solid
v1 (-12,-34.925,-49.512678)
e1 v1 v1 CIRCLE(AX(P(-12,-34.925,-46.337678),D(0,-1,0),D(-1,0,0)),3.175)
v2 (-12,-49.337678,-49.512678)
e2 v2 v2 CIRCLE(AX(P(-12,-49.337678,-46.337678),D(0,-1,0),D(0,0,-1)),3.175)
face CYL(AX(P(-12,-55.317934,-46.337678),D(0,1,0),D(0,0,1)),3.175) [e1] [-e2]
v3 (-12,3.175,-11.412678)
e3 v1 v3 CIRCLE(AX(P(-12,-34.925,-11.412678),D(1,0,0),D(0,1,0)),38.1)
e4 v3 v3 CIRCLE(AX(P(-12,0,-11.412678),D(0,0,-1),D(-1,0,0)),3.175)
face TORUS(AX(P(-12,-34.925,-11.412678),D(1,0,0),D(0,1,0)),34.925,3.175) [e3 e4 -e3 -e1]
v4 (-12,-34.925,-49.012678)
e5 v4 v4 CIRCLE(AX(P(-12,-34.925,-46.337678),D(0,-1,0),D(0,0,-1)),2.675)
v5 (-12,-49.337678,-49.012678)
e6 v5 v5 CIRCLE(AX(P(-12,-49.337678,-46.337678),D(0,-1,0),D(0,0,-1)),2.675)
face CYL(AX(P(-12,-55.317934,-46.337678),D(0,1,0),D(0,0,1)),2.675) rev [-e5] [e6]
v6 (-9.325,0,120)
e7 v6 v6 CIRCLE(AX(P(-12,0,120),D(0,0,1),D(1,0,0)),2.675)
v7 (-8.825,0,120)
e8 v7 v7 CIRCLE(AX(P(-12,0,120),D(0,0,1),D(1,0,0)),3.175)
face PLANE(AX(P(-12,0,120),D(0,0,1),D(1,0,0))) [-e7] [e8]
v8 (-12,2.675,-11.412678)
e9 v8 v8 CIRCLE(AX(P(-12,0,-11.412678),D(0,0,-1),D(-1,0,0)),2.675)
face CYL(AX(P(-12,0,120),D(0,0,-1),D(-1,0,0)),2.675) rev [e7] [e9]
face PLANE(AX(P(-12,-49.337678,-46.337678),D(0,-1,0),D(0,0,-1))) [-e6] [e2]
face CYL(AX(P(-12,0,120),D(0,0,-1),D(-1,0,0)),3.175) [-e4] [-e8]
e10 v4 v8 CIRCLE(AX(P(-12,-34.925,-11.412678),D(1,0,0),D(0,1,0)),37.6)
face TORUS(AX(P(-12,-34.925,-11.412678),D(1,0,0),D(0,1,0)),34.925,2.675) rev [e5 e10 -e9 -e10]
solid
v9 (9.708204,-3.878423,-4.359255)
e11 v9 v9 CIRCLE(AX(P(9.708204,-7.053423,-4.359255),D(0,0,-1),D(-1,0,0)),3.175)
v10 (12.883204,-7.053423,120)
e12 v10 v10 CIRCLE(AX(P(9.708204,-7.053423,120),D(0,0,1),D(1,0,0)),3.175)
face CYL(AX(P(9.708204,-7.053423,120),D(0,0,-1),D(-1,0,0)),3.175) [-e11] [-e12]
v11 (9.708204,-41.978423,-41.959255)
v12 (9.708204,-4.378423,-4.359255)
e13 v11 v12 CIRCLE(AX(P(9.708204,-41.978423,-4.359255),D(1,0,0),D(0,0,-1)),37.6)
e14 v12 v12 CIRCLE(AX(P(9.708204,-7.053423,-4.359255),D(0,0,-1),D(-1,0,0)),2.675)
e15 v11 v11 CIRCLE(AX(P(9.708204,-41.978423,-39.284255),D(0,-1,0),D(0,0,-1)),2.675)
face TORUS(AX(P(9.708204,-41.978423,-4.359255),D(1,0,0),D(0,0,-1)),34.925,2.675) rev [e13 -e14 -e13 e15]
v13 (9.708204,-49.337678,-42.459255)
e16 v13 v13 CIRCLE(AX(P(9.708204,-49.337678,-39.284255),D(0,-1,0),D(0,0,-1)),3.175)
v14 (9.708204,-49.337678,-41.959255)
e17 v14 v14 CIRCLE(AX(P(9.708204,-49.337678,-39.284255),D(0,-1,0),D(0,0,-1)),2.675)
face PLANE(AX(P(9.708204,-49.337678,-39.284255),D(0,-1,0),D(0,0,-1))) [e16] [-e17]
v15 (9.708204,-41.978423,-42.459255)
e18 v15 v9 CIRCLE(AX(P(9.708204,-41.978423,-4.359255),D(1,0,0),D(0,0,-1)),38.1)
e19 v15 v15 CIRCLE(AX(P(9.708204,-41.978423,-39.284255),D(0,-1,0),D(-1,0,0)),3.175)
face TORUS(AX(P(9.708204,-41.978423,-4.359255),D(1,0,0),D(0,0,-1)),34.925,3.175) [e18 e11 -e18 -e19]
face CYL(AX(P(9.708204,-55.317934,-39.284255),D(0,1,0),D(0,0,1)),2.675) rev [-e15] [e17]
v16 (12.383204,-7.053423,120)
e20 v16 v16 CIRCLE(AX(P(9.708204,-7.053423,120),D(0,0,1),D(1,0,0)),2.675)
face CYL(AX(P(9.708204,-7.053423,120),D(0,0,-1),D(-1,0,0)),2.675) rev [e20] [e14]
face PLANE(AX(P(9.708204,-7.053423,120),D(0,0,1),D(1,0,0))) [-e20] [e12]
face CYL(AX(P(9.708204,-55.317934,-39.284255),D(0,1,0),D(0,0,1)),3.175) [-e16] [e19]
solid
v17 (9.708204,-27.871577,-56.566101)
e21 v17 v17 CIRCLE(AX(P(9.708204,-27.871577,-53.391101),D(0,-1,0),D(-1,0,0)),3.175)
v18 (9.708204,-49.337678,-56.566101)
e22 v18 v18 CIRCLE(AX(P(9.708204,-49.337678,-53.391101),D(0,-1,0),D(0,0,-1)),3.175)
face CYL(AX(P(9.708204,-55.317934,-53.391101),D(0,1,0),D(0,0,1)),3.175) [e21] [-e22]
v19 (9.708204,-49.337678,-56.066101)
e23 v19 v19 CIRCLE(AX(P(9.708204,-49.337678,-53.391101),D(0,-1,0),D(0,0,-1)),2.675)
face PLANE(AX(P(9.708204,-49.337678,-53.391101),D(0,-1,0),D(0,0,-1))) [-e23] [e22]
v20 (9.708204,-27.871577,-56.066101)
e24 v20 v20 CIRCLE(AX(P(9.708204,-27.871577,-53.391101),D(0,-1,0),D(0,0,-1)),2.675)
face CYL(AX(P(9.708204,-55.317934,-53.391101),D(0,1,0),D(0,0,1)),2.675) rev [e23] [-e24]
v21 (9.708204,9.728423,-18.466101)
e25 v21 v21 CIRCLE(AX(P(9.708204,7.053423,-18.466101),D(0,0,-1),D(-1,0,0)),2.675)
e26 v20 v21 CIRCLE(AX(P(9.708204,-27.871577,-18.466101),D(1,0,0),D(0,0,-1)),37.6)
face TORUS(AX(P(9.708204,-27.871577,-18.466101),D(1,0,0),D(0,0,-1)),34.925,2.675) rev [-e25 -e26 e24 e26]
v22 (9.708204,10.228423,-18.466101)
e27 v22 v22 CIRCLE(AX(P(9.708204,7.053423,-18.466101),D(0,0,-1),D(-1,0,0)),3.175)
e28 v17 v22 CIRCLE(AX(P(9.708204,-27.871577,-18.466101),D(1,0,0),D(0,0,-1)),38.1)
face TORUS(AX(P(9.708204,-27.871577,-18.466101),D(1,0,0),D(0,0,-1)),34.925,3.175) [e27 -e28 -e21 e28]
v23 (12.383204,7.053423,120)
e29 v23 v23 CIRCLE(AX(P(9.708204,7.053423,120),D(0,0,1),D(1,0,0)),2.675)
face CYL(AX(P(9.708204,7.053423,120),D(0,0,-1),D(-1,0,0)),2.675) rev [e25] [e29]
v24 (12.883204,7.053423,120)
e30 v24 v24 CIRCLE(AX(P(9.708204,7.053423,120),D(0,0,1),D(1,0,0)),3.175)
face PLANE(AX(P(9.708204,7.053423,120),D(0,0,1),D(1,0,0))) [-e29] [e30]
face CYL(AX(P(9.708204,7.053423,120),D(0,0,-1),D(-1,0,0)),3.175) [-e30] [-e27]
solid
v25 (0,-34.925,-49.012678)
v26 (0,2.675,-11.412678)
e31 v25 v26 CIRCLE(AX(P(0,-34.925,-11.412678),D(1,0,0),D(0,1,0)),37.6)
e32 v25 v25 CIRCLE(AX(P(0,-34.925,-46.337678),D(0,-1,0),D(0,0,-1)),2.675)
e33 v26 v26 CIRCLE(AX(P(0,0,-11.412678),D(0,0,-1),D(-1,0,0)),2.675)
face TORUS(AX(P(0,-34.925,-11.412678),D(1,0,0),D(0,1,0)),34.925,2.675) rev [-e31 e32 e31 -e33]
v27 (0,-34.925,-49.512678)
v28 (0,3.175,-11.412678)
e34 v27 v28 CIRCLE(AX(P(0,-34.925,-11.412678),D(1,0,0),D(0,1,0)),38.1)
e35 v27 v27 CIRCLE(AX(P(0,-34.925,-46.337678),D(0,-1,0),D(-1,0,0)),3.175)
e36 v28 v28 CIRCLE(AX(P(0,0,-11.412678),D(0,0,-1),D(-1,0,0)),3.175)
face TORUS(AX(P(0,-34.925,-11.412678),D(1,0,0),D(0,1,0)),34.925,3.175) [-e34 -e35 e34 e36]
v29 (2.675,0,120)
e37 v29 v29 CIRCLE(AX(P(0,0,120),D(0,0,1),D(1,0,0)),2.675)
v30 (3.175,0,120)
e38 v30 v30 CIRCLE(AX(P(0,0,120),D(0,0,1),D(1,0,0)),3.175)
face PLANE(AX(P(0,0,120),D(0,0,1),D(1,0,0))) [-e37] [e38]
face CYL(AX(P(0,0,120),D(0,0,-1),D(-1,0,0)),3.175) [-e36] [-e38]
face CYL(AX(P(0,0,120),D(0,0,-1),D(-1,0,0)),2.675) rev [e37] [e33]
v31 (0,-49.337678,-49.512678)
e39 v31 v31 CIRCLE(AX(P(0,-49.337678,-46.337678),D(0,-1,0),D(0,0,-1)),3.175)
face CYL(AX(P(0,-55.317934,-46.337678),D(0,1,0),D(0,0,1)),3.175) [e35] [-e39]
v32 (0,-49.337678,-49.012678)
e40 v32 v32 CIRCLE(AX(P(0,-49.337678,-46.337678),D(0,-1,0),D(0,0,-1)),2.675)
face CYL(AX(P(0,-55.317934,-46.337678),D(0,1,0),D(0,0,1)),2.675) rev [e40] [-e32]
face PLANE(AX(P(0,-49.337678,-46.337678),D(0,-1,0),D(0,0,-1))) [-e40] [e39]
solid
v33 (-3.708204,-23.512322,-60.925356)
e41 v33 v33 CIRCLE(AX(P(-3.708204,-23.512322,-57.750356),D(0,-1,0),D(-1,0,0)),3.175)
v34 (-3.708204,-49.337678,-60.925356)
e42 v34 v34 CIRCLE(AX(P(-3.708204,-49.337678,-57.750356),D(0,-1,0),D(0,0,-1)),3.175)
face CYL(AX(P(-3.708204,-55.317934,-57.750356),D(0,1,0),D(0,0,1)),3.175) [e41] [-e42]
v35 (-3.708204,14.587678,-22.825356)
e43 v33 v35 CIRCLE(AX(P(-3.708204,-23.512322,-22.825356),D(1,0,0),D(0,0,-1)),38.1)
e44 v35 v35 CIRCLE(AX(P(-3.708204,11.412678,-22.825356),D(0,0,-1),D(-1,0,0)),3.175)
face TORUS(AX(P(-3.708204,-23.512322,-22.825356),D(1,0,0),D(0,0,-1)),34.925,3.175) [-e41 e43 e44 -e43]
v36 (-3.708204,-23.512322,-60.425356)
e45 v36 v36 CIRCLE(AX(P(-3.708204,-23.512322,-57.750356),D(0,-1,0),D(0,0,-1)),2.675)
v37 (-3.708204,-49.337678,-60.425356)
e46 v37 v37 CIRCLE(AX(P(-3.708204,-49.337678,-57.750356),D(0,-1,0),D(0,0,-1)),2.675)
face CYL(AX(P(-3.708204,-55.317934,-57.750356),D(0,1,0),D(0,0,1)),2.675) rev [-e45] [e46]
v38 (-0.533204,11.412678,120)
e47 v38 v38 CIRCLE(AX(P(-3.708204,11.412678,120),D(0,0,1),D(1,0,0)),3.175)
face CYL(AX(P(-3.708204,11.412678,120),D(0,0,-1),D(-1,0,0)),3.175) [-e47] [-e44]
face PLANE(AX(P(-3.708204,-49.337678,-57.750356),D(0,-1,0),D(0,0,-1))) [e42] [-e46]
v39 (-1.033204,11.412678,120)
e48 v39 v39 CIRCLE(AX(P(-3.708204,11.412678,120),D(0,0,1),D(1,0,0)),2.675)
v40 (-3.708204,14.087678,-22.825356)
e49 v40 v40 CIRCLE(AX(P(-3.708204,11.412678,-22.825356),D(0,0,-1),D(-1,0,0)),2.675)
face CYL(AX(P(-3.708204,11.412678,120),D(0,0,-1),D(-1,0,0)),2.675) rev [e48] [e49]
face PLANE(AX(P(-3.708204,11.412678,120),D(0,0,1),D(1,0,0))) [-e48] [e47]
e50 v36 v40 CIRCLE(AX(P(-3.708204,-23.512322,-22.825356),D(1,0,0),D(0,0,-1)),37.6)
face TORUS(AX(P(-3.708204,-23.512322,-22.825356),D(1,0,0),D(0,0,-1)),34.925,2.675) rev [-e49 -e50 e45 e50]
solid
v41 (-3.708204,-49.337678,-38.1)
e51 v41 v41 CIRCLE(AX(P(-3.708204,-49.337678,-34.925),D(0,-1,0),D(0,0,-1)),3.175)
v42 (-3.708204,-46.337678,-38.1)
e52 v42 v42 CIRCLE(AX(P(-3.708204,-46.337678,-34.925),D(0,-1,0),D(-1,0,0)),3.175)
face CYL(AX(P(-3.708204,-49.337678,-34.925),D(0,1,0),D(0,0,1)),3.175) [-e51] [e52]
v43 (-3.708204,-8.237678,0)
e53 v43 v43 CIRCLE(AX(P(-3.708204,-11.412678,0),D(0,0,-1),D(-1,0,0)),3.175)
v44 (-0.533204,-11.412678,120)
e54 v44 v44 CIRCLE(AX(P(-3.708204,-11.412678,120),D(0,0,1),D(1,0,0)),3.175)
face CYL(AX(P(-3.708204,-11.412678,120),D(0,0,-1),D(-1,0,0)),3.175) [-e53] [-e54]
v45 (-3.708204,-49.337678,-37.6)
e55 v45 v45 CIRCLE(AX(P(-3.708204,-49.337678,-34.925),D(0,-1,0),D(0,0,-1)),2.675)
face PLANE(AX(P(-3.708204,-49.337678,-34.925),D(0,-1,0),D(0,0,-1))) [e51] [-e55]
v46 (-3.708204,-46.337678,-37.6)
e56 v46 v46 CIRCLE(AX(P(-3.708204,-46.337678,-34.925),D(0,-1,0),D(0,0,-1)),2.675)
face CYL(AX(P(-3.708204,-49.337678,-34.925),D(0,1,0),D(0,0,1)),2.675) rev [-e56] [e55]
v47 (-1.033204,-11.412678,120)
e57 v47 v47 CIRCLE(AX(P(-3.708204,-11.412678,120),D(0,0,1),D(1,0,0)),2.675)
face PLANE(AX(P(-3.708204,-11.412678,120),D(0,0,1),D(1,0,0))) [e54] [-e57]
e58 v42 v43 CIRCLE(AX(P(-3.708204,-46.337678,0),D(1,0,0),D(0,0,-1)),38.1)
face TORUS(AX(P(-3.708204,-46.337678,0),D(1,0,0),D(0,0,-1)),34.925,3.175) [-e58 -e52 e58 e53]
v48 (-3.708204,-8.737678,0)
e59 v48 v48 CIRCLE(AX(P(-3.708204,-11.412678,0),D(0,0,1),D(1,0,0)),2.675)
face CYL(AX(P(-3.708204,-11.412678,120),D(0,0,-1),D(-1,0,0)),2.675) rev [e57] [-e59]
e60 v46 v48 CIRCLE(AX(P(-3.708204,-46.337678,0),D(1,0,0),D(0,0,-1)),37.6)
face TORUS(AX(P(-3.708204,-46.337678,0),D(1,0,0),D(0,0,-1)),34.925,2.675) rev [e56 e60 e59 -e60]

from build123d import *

# Parameters (mm, degrees)
SKETCH1_R              = 3.175
SKETCH1_R_2            = 2.675
ALL_TUBES_HORI_DEPTH   = 120
ALL_TUBES_HORI_2_DEPTH = 120
ALL_TUBES_HORI_3_DEPTH = 120
ALL_TUBES_HORI_4_DEPTH = 120
ALL_TUBES_HORI_5_DEPTH = 120
ALL_TUBES_HORI_6_DEPTH = 120
SKETCH2_R              = 3.175
SKETCH2_R_2            = 2.675
TUBE_1_REVOLVE_ANGLE   = 90
SKETCH3_R              = 3.175
SKETCH3_R_2            = 2.675
TUBE_2_H_EXTRU_DEPTH   = 4.35925517
SKETCH4_R              = 3.175
SKETCH4_R_2            = 2.675
TUBE_2_REVOLVE_ANGLE   = 90
SKETCH5_R              = 3.175
SKETCH5_R_2            = 2.675
TUBE_2_V_EXTRU_DEPTH   = 4.359255168
TUBE_START             = 11.4126782
SKETCH6_R              = 3.175
SKETCH6_R_2            = 2.675
TUBE_3_4_H_EXTRU_DEPTH = 11.4126782
SKETCH7_R              = 3.175
SKETCH7_R_2            = 2.675
TUBE_3_4_REVOLVE_ANGLE = 90
SKETCH8_R              = 3.175
SKETCH8_R_2            = 2.675
TUBE_3_4_V_EXTRU_DEPTH = 11.412678196
SKETCH9_R              = 3.175
SKETCH9_R_2            = 2.675
TUBE_5_H_EXTRU_DEPTH   = 18.46610122
SKETCH10_R             = 3.175
SKETCH10_R_2           = 2.675
TUBE_5_REVOLVE_ANGLE   = 90
SKETCH13_R             = 3.175
SKETCH13_R_2           = 2.675
TUBE_5_V_EXTRU_DEPTH   = 18.466101223
SKETCH11_R             = 3.175
SKETCH11_R_2           = 2.675
TUBE_6_H_EXTRU_DEPTH   = 22.8253564
SKETCH12_R             = 3.175
SKETCH12_R_2           = 2.675
TUBE_6_REVOLVE_ANGLE   = 90
SKETCH14_R             = 3.175
SKETCH14_R_2           = 2.675
TUBE_6_V_EXTRU_DEPTH   = 22.825356391
SKETCH15_R             = 3.175
SKETCH15_R_2           = 2.675
ALL_TUBES_VERT_DEPTH   = 3


with BuildPart() as part:
    # Sketch1 → All Tubes Hori (new body)
    with BuildSketch(Plane.XY):
        Circle(SKETCH1_R)
        Circle(SKETCH1_R_2, mode=Mode.SUBTRACT)
    extrude(amount=ALL_TUBES_HORI_DEPTH)



with BuildPart() as body_2:
    # Sketch1 → All Tubes Hori 2 (new body)
    with BuildSketch(Plane.XY):
        with Locations((-12, 0)):
            Circle(SKETCH1_R)
        with Locations((-12, 0)):
            Circle(SKETCH1_R_2, mode=Mode.SUBTRACT)
    extrude(amount=ALL_TUBES_HORI_2_DEPTH)


with BuildPart() as body_3:
    # Sketch1 → All Tubes Hori 3 (new body)
    with BuildSketch(Plane.XY):
        with Locations((-3.708203932, 11.412678196)):
            Circle(SKETCH1_R)
        with Locations((-3.708203932, 11.412678196)):
            Circle(SKETCH1_R_2, mode=Mode.SUBTRACT)
    extrude(amount=ALL_TUBES_HORI_3_DEPTH)

    # Sketch11 → Tube 6 H Extru (add)
    with BuildSketch(Plane(origin=(0, 0, 0), x_dir=(-1, 0, 0), z_dir=(0, 0, -1))):
        with Locations((3.708203932, 11.412678196)):
            Circle(SKETCH11_R)
        with Locations((3.708203932, 11.412678196)):
            Circle(SKETCH11_R_2, mode=Mode.SUBTRACT)
    extrude(amount=TUBE_6_H_EXTRU_DEPTH)

    # Sketch12 → Tube 6 Revolve (revolve)
    with BuildSketch(Plane(origin=(0, 0, -22.8253564), x_dir=(-1, 0, 0), z_dir=(0, 0, -1))):
        with Locations(Location((3.708203932, 11.412678196, 0), (0, 0, 90))):
            Circle(SKETCH12_R)
        with Locations(Location((3.708203932, 11.412678196, 0), (0, 0, 90))):
            Circle(SKETCH12_R_2, mode=Mode.SUBTRACT)
    revolve(axis=Axis((21.850329766, -23.512321804, -22.8253564), (-1, 0, 0)), revolution_arc=TUBE_6_REVOLVE_ANGLE)

    # Sketch14 → Tube 6 V Extru (add)
    with BuildSketch(Plane.XZ.offset(23.512321804)):
        with Locations(Location((-3.708203932, -57.7503564, 0), (0, 0, 270))):
            Circle(SKETCH14_R)
        with Locations(Location((-3.708203932, -57.7503564, 0), (0, 0, 270))):
            Circle(SKETCH14_R_2, mode=Mode.SUBTRACT)
    extrude(amount=TUBE_6_V_EXTRU_DEPTH)


with BuildPart() as body_4:
    # Sketch1 → All Tubes Hori 4 (new body)
    with BuildSketch(Plane.XY):
        with Locations((9.708203932, 7.053423028)):
            Circle(SKETCH1_R)
        with Locations((9.708203932, 7.053423028)):
            Circle(SKETCH1_R_2, mode=Mode.SUBTRACT)
    extrude(amount=ALL_TUBES_HORI_4_DEPTH)

    # Sketch9 → Tube 5 H Extru (add)
    with BuildSketch(Plane(origin=(0, 0, 0), x_dir=(-1, 0, 0), z_dir=(0, 0, -1))):
        with Locations((-9.708203932, 7.053423028)):
            Circle(SKETCH9_R)
        with Locations((-9.708203932, 7.053423028)):
            Circle(SKETCH9_R_2, mode=Mode.SUBTRACT)
    extrude(amount=TUBE_5_H_EXTRU_DEPTH)

    # Sketch10 → Tube 5 Revolve (revolve)
    with BuildSketch(Plane(origin=(0, 0, -18.46610122), x_dir=(-1, 0, 0), z_dir=(0, 0, -1))):
        with Locations(Location((-9.708203932, 7.053423028, 0), (0, 0, 90))):
            Circle(SKETCH10_R)
        with Locations(Location((-9.708203932, 7.053423028, 0), (0, 0, 90))):
            Circle(SKETCH10_R_2, mode=Mode.SUBTRACT)
    revolve(axis=Axis((23.434648655, -27.871576972, -18.46610122), (-1, 0, 0)), revolution_arc=TUBE_5_REVOLVE_ANGLE)

    # Sketch13 → Tube 5 V Extru (add)
    with BuildSketch(Plane.XZ.offset(27.871576972)):
        with Locations(Location((9.708203932, -53.39110122, 0), (0, 0, 270))):
            Circle(SKETCH13_R)
        with Locations(Location((9.708203932, -53.39110122, 0), (0, 0, 270))):
            Circle(SKETCH13_R_2, mode=Mode.SUBTRACT)
    extrude(amount=TUBE_5_V_EXTRU_DEPTH)


with BuildPart() as body_5:
    # Sketch1 → All Tubes Hori 5 (new body)
    with BuildSketch(Plane.XY):
        with Locations((9.708203932, -7.053423028)):
            Circle(SKETCH1_R)
        with Locations((9.708203932, -7.053423028)):
            Circle(SKETCH1_R_2, mode=Mode.SUBTRACT)
    extrude(amount=ALL_TUBES_HORI_5_DEPTH)

    # Sketch3 → Tube 2 H Extru (add)
    with BuildSketch(Plane(origin=(0, 0, 0), x_dir=(-1, 0, 0), z_dir=(0, 0, -1))):
        with Locations((-9.708203932, -7.053423028)):
            Circle(SKETCH3_R)
        with Locations((-9.708203932, -7.053423028)):
            Circle(SKETCH3_R_2, mode=Mode.SUBTRACT)
    extrude(amount=TUBE_2_H_EXTRU_DEPTH)

    # Sketch4 → Tube 2 Revolve (revolve)
    with BuildSketch(Plane(origin=(0, 0, -4.35925517), x_dir=(-1, 0, 0), z_dir=(0, 0, -1))):
        with Locations(Location((-9.708203932, -7.053423028, 0), (0, 0, 90))):
            Circle(SKETCH4_R)
        with Locations(Location((-9.708203932, -7.053423028, 0), (0, 0, 90))):
            Circle(SKETCH4_R_2, mode=Mode.SUBTRACT)
    revolve(axis=Axis((15.623479427, -41.978423028, -4.35925517), (-1, 0, 0)), revolution_arc=TUBE_2_REVOLVE_ANGLE)

    # Sketch5 → Tube 2 V Extru (add)
    with BuildSketch(Plane.XZ.offset(41.978423028)):
        with Locations(Location((9.708203932, -39.28425517, 0), (0, 0, 270))):
            Circle(SKETCH5_R)
        with Locations(Location((9.708203932, -39.28425517, 0), (0, 0, 270))):
            Circle(SKETCH5_R_2, mode=Mode.SUBTRACT)
    extrude(amount=TUBE_2_V_EXTRU_DEPTH)


with BuildPart() as body_6:
    # Sketch1 → All Tubes Hori 6 (new body)
    with BuildSketch(Plane.XY):
        with Locations((-3.708203932, -11.412678196)):
            Circle(SKETCH1_R)
        with Locations((-3.708203932, -11.412678196)):
            Circle(SKETCH1_R_2, mode=Mode.SUBTRACT)
    extrude(amount=ALL_TUBES_HORI_6_DEPTH)

    # Sketch2 → Tube 1 Revolve (revolve)
    with BuildSketch(Plane(origin=(0, 0, 0), x_dir=(-1, 0, 0), z_dir=(0, 0, -1))):
        with Locations(Location((3.708203932, -11.412678196, 0), (0, 0, 90))):
            Circle(SKETCH2_R)
        with Locations(Location((3.708203932, -11.412678196, 0), (0, 0, 90))):
            Circle(SKETCH2_R_2, mode=Mode.SUBTRACT)
    revolve(axis=Axis((6.957036887, -46.337678196, 0), (-1, 0, 0)), revolution_arc=TUBE_1_REVOLVE_ANGLE)


with BuildPart() as part_1:
    add(part.part)

    add(body_2.part)  # Tube 3 & 4 H Extru merges body 2
    # Sketch6 → Tube 3 & 4 H Extru (add)
    # profile 1 of 2: a face of its own
    with BuildSketch(Plane(origin=(0, 0, 0), x_dir=(-1, 0, 0), z_dir=(0, 0, -1)).offset(TUBE_START)):
        with Locations((12, 0)):
            Circle(SKETCH6_R)
        with Locations((12, 0)):
            Circle(SKETCH6_R_2, mode=Mode.SUBTRACT)
    # profile 2 of 2: a face of its own
    with BuildSketch(Plane(origin=(0, 0, 0), x_dir=(-1, 0, 0), z_dir=(0, 0, -1)).offset(TUBE_START)):
        Circle(SKETCH6_R)
        Circle(SKETCH6_R_2, mode=Mode.SUBTRACT)
    extrude(amount=-TUBE_3_4_H_EXTRU_DEPTH)

    # Sketch7 → Tube 3 & 4 Revolve (revolve)
    # profile 1 of 2: a face of its own
    with BuildSketch(Plane(origin=(0, 0, -11.4126782), x_dir=(-1, 0, 0), z_dir=(0, 0, -1))):
        with Locations(Location((12, 0, 0), (0, 0, 90))):
            Circle(SKETCH7_R)
        with Locations(Location((12, 0, 0), (0, 0, 90))):
            Circle(SKETCH7_R_2, mode=Mode.SUBTRACT)
    # profile 2 of 2: a face of its own
    with BuildSketch(Plane(origin=(0, 0, -11.4126782), x_dir=(-1, 0, 0), z_dir=(0, 0, -1))):
        with Locations(Location((0, 0, 0), (0, 0, 90))):
            Circle(SKETCH7_R)
        with Locations(Location((0, 0, 0), (0, 0, 90))):
            Circle(SKETCH7_R_2, mode=Mode.SUBTRACT)
    revolve(axis=Axis((-24.421398886, -34.925, -11.4126782), (-1, 0, 0)), revolution_arc=TUBE_3_4_REVOLVE_ANGLE)

    # Sketch8 → Tube 3 & 4 V Extru (add)
    # profile 1 of 2: a face of its own
    with BuildSketch(Plane.XZ.offset(34.925)):
        with Locations(Location((-12, -46.3376782, 0), (0, 0, 270))):
            Circle(SKETCH8_R)
        with Locations(Location((-12, -46.3376782, 0), (0, 0, 270))):
            Circle(SKETCH8_R_2, mode=Mode.SUBTRACT)
    # profile 2 of 2: a face of its own
    with BuildSketch(Plane.XZ.offset(34.925)):
        with Locations(Location((0, -46.3376782, 0), (0, 0, 270))):
            Circle(SKETCH8_R)
        with Locations(Location((0, -46.3376782, 0), (0, 0, 270))):
            Circle(SKETCH8_R_2, mode=Mode.SUBTRACT)
    extrude(amount=TUBE_3_4_V_EXTRU_DEPTH)


    add(body_3.part)  # All Tubes Vert merges body 3

    add(body_4.part)  # All Tubes Vert merges body 4

    add(body_5.part)  # All Tubes Vert merges body 5

    add(body_6.part)  # All Tubes Vert merges body 6
    # Sketch15 → All Tubes Vert (add)
    # profile 1 of 6: a face of its own
    with BuildSketch(Plane.XZ.offset(46.337678196)):
        with Locations(Location((-3.708203932, -34.925, 0), (0, 0, 270))):
            Circle(SKETCH15_R)
        with Locations(Location((-3.708203932, -34.925, 0), (0, 0, 270))):
            Circle(SKETCH15_R_2, mode=Mode.SUBTRACT)
    # profile 2 of 6: a face of its own
    with BuildSketch(Plane.XZ.offset(46.337678196)):
        with Locations(Location((9.708203932, -39.28425517, 0), (0, 0, 270))):
            Circle(SKETCH15_R)
        with Locations(Location((9.708203932, -39.28425517, 0), (0, 0, 270))):
            Circle(SKETCH15_R_2, mode=Mode.SUBTRACT)
    # profile 3 of 6: a face of its own
    with BuildSketch(Plane.XZ.offset(46.337678196)):
        with Locations(Location((9.708203932, -53.39110122, 0), (0, 0, 270))):
            Circle(SKETCH15_R)
        with Locations(Location((9.708203932, -53.39110122, 0), (0, 0, 270))):
            Circle(SKETCH15_R_2, mode=Mode.SUBTRACT)
    # profile 4 of 6: a face of its own
    with BuildSketch(Plane.XZ.offset(46.337678196)):
        with Locations(Location((-3.708203932, -57.7503564, 0), (0, 0, 270))):
            Circle(SKETCH15_R)
        with Locations(Location((-3.708203932, -57.7503564, 0), (0, 0, 270))):
            Circle(SKETCH15_R_2, mode=Mode.SUBTRACT)
    # profile 5 of 6: a face of its own
    with BuildSketch(Plane.XZ.offset(46.337678196)):
        with Locations(Location((-12, -46.3376782, 0), (0, 0, 270))):
            Circle(SKETCH15_R)
        with Locations(Location((-12, -46.3376782, 0), (0, 0, 270))):
            Circle(SKETCH15_R_2, mode=Mode.SUBTRACT)
    # profile 6 of 6: a face of its own
    with BuildSketch(Plane.XZ.offset(46.337678196)):
        with Locations(Location((0, -46.3376782, 0), (0, 0, 270))):
            Circle(SKETCH15_R)
        with Locations(Location((0, -46.3376782, 0), (0, 0, 270))):
            Circle(SKETCH15_R_2, mode=Mode.SUBTRACT)
    extrude(amount=ALL_TUBES_VERT_DEPTH)


solid = part_1.part
